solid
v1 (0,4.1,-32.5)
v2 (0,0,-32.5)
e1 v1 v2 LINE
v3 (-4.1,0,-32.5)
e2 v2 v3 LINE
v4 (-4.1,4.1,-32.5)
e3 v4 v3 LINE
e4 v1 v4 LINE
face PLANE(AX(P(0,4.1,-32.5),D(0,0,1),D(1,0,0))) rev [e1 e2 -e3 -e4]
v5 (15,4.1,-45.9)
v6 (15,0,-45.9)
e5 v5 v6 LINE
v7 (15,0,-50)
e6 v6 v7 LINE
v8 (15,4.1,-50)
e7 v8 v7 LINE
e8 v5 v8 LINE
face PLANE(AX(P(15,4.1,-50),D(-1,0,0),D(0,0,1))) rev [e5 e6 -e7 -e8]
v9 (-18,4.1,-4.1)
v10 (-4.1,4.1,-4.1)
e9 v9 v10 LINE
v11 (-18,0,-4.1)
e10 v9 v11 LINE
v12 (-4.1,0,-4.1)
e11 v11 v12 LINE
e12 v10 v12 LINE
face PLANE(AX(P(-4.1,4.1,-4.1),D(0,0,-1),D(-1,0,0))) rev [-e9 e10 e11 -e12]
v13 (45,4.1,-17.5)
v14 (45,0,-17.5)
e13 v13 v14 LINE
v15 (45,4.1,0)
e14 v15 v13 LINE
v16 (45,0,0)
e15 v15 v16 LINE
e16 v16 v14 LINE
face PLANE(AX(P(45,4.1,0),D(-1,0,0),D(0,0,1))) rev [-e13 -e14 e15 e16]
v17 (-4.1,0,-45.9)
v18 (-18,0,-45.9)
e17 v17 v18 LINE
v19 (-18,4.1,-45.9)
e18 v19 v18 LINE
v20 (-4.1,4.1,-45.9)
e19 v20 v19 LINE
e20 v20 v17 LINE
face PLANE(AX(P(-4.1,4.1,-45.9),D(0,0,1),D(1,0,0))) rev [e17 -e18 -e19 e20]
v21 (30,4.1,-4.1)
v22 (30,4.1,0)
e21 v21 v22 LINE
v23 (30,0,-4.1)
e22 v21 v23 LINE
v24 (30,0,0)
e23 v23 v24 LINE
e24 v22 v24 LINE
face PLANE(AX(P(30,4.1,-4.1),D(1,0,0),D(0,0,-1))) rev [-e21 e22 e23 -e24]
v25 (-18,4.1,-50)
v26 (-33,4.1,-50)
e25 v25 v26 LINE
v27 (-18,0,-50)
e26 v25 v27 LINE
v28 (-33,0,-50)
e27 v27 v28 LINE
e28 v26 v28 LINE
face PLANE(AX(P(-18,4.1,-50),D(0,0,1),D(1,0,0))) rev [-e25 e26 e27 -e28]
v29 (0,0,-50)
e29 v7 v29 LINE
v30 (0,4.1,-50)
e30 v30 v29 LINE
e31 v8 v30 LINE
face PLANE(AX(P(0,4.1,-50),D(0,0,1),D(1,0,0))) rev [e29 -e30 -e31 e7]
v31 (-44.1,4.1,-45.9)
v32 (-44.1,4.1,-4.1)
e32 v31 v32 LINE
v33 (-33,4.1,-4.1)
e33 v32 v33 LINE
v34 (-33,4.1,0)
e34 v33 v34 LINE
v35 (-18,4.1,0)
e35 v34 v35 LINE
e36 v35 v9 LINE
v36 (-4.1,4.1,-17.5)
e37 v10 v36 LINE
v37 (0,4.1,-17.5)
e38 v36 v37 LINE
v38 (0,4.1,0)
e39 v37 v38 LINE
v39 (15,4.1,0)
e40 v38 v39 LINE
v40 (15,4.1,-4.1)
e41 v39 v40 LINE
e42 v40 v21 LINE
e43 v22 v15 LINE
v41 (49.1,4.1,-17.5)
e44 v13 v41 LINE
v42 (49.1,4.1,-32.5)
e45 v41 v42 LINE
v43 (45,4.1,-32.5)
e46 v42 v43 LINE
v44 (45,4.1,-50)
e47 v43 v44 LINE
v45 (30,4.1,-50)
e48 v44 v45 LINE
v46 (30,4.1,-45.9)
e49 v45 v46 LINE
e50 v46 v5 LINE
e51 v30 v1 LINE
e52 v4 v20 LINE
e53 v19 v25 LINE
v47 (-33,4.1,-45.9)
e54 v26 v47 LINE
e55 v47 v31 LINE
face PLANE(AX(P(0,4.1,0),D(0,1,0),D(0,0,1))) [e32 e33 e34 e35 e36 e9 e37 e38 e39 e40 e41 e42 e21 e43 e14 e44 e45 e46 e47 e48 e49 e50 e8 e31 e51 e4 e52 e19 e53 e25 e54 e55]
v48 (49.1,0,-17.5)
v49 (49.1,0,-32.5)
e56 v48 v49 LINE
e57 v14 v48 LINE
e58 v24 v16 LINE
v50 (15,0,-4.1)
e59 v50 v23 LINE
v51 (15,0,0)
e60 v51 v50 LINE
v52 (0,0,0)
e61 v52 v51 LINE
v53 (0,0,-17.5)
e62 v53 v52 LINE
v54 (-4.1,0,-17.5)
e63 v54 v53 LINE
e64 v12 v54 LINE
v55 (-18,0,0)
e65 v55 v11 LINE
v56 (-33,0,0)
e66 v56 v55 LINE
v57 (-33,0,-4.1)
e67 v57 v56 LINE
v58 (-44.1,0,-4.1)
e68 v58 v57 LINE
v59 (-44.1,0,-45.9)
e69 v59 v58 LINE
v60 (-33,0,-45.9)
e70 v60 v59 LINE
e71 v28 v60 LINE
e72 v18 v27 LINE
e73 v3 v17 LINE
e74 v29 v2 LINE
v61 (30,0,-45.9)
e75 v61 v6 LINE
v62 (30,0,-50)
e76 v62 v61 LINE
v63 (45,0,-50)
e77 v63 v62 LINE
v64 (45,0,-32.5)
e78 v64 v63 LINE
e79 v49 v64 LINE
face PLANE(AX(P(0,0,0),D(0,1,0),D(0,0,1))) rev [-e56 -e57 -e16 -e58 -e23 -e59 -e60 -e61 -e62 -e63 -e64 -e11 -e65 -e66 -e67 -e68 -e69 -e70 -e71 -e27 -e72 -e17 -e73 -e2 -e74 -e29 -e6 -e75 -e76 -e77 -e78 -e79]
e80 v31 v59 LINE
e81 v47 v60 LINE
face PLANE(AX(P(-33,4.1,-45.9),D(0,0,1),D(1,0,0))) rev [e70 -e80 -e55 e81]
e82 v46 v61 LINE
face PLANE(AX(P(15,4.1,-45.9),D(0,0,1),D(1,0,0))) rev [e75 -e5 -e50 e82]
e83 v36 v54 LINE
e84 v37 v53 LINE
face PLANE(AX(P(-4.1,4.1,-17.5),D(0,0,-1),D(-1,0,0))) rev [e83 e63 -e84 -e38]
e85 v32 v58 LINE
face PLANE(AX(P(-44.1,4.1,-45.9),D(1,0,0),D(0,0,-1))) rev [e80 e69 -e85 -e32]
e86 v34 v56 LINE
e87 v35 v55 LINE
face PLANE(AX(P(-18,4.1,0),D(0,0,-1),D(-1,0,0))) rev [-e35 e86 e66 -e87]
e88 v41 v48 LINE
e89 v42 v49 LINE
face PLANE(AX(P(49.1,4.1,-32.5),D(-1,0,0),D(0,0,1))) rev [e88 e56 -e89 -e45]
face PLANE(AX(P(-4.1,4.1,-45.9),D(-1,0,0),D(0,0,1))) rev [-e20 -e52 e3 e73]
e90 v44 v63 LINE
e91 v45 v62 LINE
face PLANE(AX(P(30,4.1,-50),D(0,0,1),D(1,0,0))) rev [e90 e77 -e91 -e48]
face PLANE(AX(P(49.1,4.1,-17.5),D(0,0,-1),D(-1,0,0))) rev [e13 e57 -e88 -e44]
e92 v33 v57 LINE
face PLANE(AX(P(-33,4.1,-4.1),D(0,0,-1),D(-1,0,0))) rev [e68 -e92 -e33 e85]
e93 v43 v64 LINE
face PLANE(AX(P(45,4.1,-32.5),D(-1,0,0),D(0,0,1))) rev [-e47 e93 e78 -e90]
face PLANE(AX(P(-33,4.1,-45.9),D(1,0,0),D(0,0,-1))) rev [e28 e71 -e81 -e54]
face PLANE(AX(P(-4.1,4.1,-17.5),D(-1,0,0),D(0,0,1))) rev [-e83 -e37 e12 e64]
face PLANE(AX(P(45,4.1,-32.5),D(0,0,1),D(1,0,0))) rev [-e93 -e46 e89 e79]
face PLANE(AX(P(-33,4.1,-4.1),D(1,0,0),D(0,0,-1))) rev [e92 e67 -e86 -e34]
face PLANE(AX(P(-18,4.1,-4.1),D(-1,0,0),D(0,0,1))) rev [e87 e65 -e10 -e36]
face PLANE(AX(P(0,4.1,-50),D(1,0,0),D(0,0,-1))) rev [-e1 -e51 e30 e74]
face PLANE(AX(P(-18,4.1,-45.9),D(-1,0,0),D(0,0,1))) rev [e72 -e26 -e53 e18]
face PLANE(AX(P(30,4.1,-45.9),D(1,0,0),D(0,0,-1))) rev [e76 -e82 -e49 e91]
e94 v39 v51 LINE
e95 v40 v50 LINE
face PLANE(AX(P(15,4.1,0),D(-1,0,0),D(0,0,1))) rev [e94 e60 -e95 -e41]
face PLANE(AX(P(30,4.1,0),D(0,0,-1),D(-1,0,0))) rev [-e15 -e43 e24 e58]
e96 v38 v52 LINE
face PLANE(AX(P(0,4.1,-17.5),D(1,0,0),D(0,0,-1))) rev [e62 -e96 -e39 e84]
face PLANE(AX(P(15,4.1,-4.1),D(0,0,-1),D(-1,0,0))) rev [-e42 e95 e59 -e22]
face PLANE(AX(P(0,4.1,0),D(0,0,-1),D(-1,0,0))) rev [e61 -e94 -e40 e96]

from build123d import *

# Parameters (mm, degrees)
BOSS_EXTRUDE1_DEPTH = 4.1


with BuildPart() as part:
    # Sketch1 → Boss-Extrude1 (new body)
    with BuildSketch(Plane(origin=(0, 0, 0), x_dir=(1, 0, 0), z_dir=(0, 1, 0))):
        Polygon((0, 32.5), (-4.1, 32.5), (-4.1, 45.9), (-18, 45.9), (-18, 50), (-33, 50), (-33, 45.9), (-44.1, 45.9), (-44.1, 4.1), (-33, 4.1), (-33, 0), (-18, 0), (-18, 4.1), (-4.1, 4.1), (-4.1, 17.5), (0, 17.5), (0, 0), (15, 0), (15, 4.1), (30, 4.1), (30, 0), (45, 0), (45, 17.5), (49.1, 17.5), (49.1, 32.5), (45, 32.5), (45, 50), (30, 50), (30, 45.9), (15, 45.9), (15, 50), (0, 50), align=None)
    extrude(amount=BOSS_EXTRUDE1_DEPTH)


solid = part.part
